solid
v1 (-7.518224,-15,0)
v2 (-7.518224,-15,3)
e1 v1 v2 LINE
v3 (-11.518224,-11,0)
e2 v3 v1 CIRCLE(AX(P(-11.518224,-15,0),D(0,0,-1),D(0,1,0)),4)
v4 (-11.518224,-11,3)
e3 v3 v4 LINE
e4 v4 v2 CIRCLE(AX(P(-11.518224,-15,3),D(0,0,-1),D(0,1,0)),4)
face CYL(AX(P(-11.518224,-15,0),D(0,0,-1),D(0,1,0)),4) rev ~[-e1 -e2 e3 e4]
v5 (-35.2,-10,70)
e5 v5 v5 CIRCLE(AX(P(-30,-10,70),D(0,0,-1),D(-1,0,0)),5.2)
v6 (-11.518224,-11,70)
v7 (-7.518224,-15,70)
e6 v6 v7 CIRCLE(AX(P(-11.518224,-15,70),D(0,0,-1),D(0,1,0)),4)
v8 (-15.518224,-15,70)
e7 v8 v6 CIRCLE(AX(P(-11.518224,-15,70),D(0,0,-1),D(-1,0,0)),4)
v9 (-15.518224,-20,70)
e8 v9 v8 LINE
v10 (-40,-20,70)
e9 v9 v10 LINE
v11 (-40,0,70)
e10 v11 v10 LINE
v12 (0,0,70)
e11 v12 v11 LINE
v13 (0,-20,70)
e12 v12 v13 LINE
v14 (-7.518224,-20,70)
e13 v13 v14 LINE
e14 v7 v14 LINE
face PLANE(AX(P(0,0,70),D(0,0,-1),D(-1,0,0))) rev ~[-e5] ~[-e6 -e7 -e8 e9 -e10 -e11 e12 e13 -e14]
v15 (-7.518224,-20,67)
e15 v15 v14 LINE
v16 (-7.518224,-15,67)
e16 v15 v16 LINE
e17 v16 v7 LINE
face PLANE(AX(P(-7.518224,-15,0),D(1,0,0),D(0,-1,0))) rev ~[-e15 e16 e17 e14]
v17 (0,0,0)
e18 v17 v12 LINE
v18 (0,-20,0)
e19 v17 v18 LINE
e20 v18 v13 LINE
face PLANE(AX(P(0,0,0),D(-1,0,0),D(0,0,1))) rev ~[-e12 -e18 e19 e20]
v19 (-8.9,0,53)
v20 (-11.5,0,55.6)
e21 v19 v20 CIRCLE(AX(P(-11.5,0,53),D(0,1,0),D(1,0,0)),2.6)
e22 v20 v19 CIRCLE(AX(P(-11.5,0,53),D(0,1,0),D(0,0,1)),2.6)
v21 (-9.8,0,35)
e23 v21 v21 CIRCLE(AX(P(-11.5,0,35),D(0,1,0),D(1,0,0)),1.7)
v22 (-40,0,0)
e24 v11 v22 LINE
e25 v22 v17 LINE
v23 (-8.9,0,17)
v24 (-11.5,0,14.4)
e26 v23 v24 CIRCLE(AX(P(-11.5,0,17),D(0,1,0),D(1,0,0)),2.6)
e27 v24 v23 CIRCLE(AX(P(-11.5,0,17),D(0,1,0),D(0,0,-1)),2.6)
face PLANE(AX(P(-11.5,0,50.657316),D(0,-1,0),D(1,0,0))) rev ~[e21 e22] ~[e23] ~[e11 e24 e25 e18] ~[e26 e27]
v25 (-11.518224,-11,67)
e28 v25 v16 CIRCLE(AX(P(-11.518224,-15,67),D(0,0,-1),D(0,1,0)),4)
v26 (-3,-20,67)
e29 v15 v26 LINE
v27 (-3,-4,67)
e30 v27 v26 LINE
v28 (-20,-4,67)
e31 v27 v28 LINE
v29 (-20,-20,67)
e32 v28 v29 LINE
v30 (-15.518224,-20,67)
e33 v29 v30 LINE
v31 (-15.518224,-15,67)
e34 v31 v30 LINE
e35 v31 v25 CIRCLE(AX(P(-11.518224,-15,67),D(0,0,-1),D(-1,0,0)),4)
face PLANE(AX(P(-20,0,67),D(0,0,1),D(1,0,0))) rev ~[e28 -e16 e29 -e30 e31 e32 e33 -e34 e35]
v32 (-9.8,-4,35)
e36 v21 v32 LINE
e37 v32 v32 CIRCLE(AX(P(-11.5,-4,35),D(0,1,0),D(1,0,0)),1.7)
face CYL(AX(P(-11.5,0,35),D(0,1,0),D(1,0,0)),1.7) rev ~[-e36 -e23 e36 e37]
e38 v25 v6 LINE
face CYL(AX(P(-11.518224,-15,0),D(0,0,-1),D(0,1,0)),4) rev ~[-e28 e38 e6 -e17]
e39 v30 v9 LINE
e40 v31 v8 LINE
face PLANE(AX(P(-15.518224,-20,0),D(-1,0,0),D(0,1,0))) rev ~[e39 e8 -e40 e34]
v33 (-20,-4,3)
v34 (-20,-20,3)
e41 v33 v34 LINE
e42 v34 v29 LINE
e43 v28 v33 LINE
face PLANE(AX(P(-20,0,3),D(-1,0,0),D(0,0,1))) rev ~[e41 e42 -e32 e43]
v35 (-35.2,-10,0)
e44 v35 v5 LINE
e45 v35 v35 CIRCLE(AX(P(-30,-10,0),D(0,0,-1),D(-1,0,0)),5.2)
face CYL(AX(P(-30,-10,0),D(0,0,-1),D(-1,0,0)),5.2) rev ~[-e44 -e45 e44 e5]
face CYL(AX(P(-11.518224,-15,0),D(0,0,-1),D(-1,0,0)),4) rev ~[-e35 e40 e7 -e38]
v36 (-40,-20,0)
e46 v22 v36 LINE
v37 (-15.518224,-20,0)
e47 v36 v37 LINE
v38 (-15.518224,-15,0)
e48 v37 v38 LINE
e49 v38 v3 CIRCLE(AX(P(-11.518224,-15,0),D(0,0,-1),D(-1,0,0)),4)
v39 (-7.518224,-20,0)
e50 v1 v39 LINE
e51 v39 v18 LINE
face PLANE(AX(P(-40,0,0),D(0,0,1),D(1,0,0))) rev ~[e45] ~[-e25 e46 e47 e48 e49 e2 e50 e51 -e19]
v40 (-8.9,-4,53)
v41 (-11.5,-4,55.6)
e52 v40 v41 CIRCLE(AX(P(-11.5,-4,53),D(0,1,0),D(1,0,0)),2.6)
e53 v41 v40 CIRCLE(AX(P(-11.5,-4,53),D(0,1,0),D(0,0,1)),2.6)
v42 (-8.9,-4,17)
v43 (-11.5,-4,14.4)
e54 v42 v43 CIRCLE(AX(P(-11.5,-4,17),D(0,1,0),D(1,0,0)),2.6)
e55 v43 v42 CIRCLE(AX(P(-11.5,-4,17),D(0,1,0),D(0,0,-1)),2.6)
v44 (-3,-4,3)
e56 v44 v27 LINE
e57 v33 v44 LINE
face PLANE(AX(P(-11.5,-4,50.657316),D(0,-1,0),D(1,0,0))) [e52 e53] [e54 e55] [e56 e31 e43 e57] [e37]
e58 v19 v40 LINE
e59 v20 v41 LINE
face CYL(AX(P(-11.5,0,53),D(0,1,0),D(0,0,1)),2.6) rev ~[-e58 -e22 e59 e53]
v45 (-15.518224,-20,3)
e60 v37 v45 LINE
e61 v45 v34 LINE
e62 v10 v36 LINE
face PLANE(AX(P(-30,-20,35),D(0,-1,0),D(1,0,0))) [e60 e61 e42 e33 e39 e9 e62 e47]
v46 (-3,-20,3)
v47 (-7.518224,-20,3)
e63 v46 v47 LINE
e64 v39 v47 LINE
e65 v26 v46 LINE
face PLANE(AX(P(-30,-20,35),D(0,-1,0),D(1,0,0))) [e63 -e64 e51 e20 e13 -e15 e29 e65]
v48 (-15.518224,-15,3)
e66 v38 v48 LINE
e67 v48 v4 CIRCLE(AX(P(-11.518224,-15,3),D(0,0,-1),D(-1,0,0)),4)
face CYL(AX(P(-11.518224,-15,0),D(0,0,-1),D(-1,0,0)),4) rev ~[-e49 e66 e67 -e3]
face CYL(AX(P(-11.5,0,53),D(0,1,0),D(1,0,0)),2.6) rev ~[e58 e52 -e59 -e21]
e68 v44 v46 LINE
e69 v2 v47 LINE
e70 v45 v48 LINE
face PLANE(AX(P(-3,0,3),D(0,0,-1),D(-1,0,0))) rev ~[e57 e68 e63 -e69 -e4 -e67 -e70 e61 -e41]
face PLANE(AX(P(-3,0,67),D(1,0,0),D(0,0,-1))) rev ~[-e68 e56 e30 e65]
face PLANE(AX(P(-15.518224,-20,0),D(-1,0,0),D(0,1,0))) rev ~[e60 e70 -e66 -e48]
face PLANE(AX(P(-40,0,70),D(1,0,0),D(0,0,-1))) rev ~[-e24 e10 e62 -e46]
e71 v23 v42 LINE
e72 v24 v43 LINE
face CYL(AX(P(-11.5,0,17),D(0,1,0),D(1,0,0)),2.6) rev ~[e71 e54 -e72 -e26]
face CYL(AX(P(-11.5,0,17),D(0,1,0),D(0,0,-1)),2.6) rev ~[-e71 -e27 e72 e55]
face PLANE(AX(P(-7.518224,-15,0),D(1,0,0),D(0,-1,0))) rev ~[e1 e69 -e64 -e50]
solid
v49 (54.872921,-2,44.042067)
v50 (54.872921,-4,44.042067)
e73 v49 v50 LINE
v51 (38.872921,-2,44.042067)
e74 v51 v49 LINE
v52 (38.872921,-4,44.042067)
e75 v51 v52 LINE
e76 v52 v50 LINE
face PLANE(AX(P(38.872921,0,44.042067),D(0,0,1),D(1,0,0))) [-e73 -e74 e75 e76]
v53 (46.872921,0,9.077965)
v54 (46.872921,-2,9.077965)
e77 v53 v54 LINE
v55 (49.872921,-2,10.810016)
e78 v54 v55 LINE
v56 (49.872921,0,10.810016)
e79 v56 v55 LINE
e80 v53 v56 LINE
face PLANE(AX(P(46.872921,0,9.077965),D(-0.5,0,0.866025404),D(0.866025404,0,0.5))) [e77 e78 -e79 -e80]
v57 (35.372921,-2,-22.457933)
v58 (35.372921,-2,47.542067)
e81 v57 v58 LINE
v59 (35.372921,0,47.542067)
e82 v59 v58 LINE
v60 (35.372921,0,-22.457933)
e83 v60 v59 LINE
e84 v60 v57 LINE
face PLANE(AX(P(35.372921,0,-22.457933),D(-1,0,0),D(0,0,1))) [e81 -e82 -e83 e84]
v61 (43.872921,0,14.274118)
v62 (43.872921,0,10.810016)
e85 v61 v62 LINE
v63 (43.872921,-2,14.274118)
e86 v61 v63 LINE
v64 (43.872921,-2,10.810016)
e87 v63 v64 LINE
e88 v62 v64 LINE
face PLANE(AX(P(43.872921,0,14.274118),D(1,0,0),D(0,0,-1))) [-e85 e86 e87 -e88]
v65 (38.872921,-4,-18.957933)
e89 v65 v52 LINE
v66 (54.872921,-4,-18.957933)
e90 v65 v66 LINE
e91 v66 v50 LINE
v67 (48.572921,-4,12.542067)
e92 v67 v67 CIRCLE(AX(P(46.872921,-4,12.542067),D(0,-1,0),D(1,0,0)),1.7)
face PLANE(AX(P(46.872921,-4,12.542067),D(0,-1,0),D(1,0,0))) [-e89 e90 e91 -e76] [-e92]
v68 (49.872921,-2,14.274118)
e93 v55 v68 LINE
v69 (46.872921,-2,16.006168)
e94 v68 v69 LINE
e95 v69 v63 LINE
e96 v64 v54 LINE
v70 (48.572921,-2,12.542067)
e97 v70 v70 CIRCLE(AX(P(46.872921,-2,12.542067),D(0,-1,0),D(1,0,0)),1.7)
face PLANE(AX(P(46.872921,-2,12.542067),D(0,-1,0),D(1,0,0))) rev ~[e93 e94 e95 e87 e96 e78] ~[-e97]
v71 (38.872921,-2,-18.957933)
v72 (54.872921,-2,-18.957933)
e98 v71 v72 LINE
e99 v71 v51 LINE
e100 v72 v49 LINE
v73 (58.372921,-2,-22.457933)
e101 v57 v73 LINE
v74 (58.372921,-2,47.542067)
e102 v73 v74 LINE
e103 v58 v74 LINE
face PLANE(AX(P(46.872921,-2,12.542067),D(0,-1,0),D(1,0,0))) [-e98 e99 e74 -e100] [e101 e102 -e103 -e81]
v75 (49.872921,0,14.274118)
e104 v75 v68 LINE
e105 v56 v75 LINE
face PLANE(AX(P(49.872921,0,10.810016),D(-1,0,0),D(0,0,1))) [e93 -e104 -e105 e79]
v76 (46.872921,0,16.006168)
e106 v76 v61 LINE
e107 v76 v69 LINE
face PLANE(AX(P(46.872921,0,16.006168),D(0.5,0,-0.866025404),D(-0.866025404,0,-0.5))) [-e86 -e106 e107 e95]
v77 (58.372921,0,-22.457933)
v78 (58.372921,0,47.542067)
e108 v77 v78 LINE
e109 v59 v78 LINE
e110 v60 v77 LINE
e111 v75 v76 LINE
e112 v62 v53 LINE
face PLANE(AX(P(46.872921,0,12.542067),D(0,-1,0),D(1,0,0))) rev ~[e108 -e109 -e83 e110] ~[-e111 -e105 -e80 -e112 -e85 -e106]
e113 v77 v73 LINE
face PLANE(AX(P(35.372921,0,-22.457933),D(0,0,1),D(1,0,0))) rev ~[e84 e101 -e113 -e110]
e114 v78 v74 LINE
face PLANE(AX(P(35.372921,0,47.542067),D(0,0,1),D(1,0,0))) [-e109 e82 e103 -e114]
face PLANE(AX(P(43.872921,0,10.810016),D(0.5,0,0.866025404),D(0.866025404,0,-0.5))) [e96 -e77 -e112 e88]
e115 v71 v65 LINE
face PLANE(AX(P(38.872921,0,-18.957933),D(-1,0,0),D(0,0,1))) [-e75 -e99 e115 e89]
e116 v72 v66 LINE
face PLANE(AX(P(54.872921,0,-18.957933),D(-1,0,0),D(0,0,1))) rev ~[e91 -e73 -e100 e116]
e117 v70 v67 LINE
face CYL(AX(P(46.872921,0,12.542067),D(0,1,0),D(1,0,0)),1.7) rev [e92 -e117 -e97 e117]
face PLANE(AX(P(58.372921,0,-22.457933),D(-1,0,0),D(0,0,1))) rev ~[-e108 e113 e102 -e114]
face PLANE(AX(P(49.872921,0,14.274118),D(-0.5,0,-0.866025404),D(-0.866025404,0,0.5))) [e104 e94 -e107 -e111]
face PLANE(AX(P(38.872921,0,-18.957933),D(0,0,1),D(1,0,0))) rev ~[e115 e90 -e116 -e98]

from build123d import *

# Parameters (mm, degrees)
F1_DEPTH  = 20
F2_DEPTH  = 4
F4_DEPTH  = 80
F5_W      = 23
F5_H      = 70
F5_W_2    = 16
F5_H_2    = 63
F6_DEPTH  = 2
F7_DEPTH  = 4
F8_DEPTH  = 80
F5_R      = 1.7
F9_DEPTH  = 4
F10_DEPTH = 2


with BuildPart() as f1:
    # F0 (on Front) → F1 (new body)
    with BuildSketch(Plane.XZ):
        Polygon((-40, 0), (-20, 0), (-20, 3), (-20, 35), (-20, 67), (-20, 70), (-40, 70), align=None)
        Polygon((-20, 0), (0, 0), (0, 70), (-20, 70), (-20, 67), (-11.5, 67), (-3, 67), (-3, 35), (-3, 3), (-11.5, 3), (-20, 3), align=None)
    extrude(amount=F1_DEPTH)

    # F0 (on Front) → F2 (join)
    with BuildSketch(Plane.XZ):
        with BuildLine():
            Line((-20, 67), (-20, 35))
            Line((-20, 35), (-15, 35))
            ThreePointArc((-15, 35), (-11.5, 38.5), (-8, 35))
            Line((-8, 35), (-3, 35))
            Line((-3, 35), (-3, 67))
            Line((-3, 67), (-11.5, 67))
            Line((-11.5, 67), (-20, 67))
        make_face()
        with BuildLine():
            ThreePointArc((-8.9, 53), (-13.3384776311, 51.1615223689), (-11.5, 55.6))
            ThreePointArc((-11.5, 55.6), (-9.6615223689, 54.8384776311), (-8.9, 53))
        make_face(mode=Mode.SUBTRACT)
        with BuildLine():
            Line((-20, 35), (-20, 3))
            Line((-20, 3), (-11.5, 3))
            Line((-11.5, 3), (-3, 3))
            Line((-3, 3), (-3, 35))
            Line((-3, 35), (-8, 35))
            ThreePointArc((-8, 35), (-11.5, 31.5), (-15, 35))
            Line((-15, 35), (-20, 35))
        make_face()
        with BuildLine():
            ThreePointArc((-8.9, 17), (-9.6615223689, 15.1615223689), (-11.5, 14.4))
            ThreePointArc((-11.5, 14.4), (-13.3384776311, 18.8384776311), (-8.9, 17))
        make_face(mode=Mode.SUBTRACT)
        with BuildLine():
            ThreePointArc((-8, 35), (-11.5, 38.5), (-15, 35))
            Line((-15, 35), (-13.2, 35))
            ThreePointArc((-13.2, 35), (-11.5, 36.7), (-9.8, 35))
            Line((-9.8, 35), (-8, 35))
        make_face()
        with BuildLine():
            Line((-13.2, 35), (-15, 35))
            ThreePointArc((-15, 35), (-11.5, 31.5), (-8, 35))
            Line((-8, 35), (-9.8, 35))
            ThreePointArc((-9.8, 35), (-11.5, 33.3), (-13.2, 35))
        make_face()
    extrude(amount=F2_DEPTH)

    # F3 (on face) → F4 (cut)
    with BuildSketch(Plane(origin=(0, 0, 0), x_dir=(1, 0, 0), z_dir=(0, 0, -1))):
        with BuildLine():
            ThreePointArc((-15.5182241425, 15), (-14.3466512672, 12.1715728753), (-11.5182241425, 11))
            ThreePointArc((-11.5182241425, 11), (-8.6897970177, 12.1715728753), (-7.5182241425, 15))
            Line((-7.5182241425, 15), (-7.5182241425, 20))
            Line((-7.5182241425, 20), (-15.5182241425, 20))
            Line((-15.5182241425, 20), (-15.5182241425, 15))
        make_face()
    extrude(amount=-F4_DEPTH, mode=Mode.SUBTRACT)

    # F3 (on face) → F8 (cut)
    with BuildSketch(Plane(origin=(0, 0, 0), x_dir=(1, 0, 0), z_dir=(0, 0, -1))):
        with BuildLine():
            ThreePointArc((-24.8, 10), (-30, 15.2), (-35.2, 10))
            ThreePointArc((-35.2, 10), (-30, 4.8), (-24.8, 10))
        make_face()
    extrude(amount=-F8_DEPTH, mode=Mode.SUBTRACT)


with BuildPart() as f6:
    # F5 (on Front) → F6 (new body)
    with BuildSketch(Plane.XZ):
        with Locations((46.872921288, 12.5420667385)):
            Rectangle(F5_W, F5_H)
        with Locations((46.872921288, 12.5420667385)):
            Rectangle(F5_W_2, F5_H_2, mode=Mode.SUBTRACT)
    extrude(amount=F6_DEPTH)

    # F5 (on Front) → F7 (join)
    with BuildSketch(Plane.XZ):
        with Locations((46.872921288, 12.5420667385)):
            Rectangle(F5_W_2, F5_H_2)
        Polygon((46.872921288, 9.0779651234), (43.872921288, 10.810015931), (43.872921288, 14.2741175461), (46.872921288, 16.0061683537), (49.872921288, 14.2741175461), (49.872921288, 10.810015931), align=None, mode=Mode.SUBTRACT)
    extrude(amount=F7_DEPTH)

    # F5 (on Front) → F9 (join)
    with BuildSketch(Plane.XZ):
        Polygon((43.872921288, 14.2741175461), (43.872921288, 10.810015931), (46.872921288, 9.0779651234), (49.872921288, 10.810015931), (49.872921288, 14.2741175461), (46.872921288, 16.0061683537), align=None)
        with Locations((46.872921288, 12.5420667385)):
            Circle(F5_R, mode=Mode.SUBTRACT)
    extrude(amount=F9_DEPTH)

    # F5 (on Front) → F10 (cut)
    with BuildSketch(Plane.XZ):
        Polygon((43.872921288, 14.2741175461), (43.872921288, 10.810015931), (46.872921288, 9.0779651234), (49.872921288, 10.810015931), (49.872921288, 14.2741175461), (46.872921288, 16.0061683537), align=None)
        with Locations((46.872921288, 12.5420667385)):
            Circle(F5_R, mode=Mode.SUBTRACT)
    extrude(amount=F10_DEPTH, mode=Mode.SUBTRACT)


solid = Compound([f1.part, f6.part])
